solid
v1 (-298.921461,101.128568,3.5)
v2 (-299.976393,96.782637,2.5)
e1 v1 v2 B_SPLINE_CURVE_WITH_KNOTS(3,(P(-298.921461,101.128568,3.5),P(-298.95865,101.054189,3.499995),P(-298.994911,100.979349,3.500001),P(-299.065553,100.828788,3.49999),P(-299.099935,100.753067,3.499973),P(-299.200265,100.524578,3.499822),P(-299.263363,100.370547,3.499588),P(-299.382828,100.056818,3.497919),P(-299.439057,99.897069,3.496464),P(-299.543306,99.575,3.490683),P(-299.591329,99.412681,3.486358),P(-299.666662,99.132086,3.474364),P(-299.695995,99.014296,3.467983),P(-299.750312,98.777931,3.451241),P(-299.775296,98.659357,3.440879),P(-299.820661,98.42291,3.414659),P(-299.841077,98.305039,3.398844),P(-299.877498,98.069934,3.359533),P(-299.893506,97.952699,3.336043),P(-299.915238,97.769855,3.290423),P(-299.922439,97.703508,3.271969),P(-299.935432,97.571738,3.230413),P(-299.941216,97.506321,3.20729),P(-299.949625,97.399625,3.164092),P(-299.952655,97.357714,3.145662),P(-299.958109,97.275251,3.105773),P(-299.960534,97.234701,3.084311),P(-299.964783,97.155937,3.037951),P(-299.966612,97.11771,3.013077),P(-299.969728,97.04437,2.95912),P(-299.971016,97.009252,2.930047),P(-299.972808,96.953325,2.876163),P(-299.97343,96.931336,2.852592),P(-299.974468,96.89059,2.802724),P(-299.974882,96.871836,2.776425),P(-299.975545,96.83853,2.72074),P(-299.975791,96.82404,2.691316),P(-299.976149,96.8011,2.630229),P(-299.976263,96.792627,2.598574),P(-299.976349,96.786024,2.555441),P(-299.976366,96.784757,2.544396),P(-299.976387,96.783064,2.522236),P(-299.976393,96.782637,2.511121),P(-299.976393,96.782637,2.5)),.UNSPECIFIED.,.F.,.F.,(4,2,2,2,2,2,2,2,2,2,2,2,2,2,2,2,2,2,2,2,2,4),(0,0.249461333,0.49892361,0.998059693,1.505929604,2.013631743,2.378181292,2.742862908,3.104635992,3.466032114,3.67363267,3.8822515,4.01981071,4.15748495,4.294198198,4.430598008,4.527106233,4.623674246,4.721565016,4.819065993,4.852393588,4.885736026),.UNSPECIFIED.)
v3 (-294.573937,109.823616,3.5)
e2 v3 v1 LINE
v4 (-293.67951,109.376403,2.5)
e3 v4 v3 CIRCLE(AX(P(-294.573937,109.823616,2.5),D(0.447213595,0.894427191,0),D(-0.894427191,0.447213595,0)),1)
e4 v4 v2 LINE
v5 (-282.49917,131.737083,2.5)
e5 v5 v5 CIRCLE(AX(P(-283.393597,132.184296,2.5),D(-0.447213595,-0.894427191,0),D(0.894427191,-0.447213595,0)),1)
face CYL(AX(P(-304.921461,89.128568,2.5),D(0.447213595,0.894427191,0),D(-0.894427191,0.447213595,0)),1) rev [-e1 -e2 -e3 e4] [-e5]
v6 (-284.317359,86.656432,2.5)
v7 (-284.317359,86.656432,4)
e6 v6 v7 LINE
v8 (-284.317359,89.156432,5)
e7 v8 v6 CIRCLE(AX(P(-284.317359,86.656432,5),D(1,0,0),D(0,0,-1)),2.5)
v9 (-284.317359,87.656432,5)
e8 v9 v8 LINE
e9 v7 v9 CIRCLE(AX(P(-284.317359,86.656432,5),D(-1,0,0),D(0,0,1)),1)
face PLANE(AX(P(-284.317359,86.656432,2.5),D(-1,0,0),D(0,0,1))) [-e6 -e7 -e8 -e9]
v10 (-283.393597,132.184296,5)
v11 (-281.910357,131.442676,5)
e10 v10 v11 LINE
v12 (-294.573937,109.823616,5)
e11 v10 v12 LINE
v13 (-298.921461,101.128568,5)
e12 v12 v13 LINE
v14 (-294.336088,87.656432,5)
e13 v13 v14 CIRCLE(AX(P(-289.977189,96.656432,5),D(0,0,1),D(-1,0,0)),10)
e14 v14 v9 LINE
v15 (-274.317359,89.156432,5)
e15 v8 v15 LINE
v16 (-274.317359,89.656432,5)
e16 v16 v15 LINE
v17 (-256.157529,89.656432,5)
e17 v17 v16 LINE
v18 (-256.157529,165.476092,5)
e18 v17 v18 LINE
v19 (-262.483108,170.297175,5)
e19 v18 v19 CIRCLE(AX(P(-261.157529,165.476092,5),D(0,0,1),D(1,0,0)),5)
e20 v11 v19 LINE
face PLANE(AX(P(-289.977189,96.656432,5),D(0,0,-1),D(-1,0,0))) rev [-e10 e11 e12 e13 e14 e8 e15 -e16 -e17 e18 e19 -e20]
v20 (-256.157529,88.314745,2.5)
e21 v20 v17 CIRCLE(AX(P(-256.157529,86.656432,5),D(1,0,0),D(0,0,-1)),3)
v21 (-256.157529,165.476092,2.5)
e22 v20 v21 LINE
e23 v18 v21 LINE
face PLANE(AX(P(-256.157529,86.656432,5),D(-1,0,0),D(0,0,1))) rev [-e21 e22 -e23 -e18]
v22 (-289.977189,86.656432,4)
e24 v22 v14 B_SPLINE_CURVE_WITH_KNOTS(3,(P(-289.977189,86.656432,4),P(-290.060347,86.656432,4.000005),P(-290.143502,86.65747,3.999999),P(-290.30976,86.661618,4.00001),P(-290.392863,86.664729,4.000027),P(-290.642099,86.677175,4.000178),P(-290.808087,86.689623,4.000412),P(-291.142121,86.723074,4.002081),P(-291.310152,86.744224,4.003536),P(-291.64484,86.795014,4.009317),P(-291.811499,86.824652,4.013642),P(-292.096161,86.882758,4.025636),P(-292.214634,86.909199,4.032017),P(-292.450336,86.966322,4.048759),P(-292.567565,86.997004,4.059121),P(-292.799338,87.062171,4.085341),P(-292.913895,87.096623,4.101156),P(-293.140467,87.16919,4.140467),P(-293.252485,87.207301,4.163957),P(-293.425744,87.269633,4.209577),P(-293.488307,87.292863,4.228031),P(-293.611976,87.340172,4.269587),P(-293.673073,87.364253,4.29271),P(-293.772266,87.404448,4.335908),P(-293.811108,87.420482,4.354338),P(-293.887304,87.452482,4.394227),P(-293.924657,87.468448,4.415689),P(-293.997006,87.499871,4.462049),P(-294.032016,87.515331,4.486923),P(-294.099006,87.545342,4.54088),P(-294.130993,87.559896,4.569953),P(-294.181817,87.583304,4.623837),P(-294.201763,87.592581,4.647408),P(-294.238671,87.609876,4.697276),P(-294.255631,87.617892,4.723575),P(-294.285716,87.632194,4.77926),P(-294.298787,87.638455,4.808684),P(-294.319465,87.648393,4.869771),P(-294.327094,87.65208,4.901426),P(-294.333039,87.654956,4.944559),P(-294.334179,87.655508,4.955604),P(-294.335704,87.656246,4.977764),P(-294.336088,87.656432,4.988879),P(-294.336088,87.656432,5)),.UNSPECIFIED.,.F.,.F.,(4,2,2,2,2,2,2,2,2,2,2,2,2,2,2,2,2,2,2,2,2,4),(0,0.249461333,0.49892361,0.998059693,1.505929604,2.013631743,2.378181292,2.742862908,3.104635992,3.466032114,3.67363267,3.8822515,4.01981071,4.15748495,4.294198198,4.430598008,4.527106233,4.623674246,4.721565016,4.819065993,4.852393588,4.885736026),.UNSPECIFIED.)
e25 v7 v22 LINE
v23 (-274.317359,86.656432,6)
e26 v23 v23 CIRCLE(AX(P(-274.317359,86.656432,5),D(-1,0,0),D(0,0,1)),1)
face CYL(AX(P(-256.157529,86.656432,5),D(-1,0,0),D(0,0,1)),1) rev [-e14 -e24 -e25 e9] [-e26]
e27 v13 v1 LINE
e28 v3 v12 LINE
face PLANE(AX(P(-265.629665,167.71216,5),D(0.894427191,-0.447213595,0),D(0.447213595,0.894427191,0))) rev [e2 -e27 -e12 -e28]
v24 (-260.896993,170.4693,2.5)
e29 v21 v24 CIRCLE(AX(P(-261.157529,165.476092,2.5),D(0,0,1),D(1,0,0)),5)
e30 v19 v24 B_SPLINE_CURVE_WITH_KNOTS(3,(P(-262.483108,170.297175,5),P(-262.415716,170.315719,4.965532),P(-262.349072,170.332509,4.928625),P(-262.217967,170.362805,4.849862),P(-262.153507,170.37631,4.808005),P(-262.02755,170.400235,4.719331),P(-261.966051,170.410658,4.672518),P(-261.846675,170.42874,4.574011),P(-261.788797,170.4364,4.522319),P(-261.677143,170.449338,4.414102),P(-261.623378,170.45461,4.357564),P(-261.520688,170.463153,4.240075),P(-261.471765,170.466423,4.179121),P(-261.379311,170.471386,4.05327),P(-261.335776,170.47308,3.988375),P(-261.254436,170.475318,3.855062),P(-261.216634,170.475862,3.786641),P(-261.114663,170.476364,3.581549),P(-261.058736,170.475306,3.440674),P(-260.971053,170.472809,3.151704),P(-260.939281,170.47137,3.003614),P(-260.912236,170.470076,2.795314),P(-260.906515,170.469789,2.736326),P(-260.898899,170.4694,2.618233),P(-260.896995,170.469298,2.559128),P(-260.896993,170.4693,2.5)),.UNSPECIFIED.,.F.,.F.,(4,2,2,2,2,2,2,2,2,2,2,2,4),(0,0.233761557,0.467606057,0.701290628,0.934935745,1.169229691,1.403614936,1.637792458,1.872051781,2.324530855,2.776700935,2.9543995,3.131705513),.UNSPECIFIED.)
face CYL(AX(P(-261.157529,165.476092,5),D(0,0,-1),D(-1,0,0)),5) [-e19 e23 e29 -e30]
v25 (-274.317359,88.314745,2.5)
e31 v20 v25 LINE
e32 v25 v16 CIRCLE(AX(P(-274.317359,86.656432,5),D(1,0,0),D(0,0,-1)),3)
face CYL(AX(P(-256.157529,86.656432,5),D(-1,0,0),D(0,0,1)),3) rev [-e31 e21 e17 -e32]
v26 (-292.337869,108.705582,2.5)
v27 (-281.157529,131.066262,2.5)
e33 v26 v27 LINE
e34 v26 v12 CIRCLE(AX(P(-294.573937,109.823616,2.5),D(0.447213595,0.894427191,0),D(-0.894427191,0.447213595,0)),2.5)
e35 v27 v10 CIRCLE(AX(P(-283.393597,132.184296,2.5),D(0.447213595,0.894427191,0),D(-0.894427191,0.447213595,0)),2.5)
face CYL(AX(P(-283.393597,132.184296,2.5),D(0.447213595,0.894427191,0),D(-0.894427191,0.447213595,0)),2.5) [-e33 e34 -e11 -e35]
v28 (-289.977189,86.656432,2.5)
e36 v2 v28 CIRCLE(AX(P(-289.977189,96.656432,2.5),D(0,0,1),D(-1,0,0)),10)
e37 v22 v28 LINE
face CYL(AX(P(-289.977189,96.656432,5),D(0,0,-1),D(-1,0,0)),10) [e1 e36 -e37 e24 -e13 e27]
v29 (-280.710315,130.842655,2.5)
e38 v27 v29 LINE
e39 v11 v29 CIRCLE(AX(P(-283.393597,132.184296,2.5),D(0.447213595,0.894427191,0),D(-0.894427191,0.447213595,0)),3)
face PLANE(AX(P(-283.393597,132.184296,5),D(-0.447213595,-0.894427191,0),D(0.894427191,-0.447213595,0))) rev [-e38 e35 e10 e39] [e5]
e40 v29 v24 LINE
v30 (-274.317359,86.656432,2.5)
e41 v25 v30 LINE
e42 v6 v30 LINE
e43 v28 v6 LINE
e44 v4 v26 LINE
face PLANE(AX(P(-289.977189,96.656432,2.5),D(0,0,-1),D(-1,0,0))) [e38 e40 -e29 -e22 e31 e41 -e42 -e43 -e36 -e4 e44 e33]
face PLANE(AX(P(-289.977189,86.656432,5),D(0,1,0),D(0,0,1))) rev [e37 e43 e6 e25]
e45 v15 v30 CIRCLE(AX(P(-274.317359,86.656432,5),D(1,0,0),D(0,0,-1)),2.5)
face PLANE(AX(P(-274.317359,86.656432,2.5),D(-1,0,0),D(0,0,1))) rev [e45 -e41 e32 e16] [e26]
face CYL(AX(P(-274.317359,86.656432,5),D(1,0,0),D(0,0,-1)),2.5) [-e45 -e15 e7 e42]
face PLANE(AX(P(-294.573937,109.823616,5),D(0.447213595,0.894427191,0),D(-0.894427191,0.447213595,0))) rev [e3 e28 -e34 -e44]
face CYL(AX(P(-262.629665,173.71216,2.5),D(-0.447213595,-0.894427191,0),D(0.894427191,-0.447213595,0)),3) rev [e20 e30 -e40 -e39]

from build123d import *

# Parameters (mm, degrees)
EXTRUDE_1_DEPTH          = 5
SKETCH_3_W               = 5
SKETCH_3_H               = 50
CUT_EXTRUDE_1_DEPTH      = 692.252839152
CUT_EXTRUDE_1_DEPTH_BACK = 692.252839152
SKETCH_5_R               = 2
SKETCH_7_R               = 6
CUT_EXTRUDE_2_DEPTH      = 692.25283929
SKETCH_2_W               = 20
SKETCH_2_H               = 5
SKETCH_8_R               = 6
CUT_EXTRUDE_3_DEPTH      = 346.118964709
CUT_EXTRUDE_4_DEPTH      = 346.897812083
CUT_EXTRUDE_4_DEPTH_BACK = 346.897812083
SKETCH_9_R               = 2
SCALE_1_SCALE            = 0.5


with BuildPart() as part:
    # 草图1 → 凸台-拉伸1 (new body)
    with BuildSketch(Plane.XY.offset(5)):
        with BuildLine():
            Line((-531.259329651, 335.424320593), (-597.842921786, 202.257136323))
            ThreePointArc((-597.842921786, 202.257136323), (-596.967394134, 182.798242171), (-579.954377966, 173.312864413))
            Line((-579.954377966, 173.312864413), (-512.315057741, 173.312864413))
            Line((-512.315057741, 173.312864413), (-512.315057741, 330.952184638))
            ThreePointArc((-512.315057741, 330.952184638), (-520.017528536, 340.684674533), (-531.259329651, 335.424320593))
        make_face()
    extrude(amount=EXTRUDE_1_DEPTH)

    # 草图3 → 旋转1 (revolve)
    with BuildSketch(Plane(origin=(-559.177191958, 279.588595979, 0), x_dir=(0, 0, 1), z_dir=(-0.894427190999916, 0.4472135954999579, 0))):
        with Locations((7.5, -42.016481195)):
            Rectangle(SKETCH_3_W, SKETCH_3_H)
    revolve(axis=Axis((-566.787193696, 264.368592503, 5), (-0.447213595499958, -0.894427190999916, 0)))

    # 草图5 → 切除-拉伸1 (cut, two sides: drawn at the far end of the back side and taken through both)
    with BuildSketch(Plane(origin=(-7.610001738, -15.220003476, 0), x_dir=(0.894427190999916, -0.4472135954999579, 0), z_dir=(0.4472135954999579, 0.894427190999916, 0)).offset(-CUT_EXTRUDE_1_DEPTH_BACK)):
        with Locations(Location((-625.179106343, -5, 0), (0, 0, 270))):
            Circle(SKETCH_5_R)
    extrude(amount=CUT_EXTRUDE_1_DEPTH + CUT_EXTRUDE_1_DEPTH_BACK, mode=Mode.SUBTRACT)

    # 草图7 → 切除-拉伸2 (cut, through all)
    with BuildSketch(Plane(origin=(-7.610001738, -15.220003476, 0), x_dir=(0.894427190999916, -0.4472135954999579, 0), z_dir=(0.4472135954999579, 0.894427190999916, 0))):
        with Locations((-625.179106343, -5)):
            Circle(SKETCH_7_R)
    extrude(amount=CUT_EXTRUDE_2_DEPTH, mode=Mode.SUBTRACT)

    # 草图2 → 旋转2 (revolve)
    with BuildSketch(Plane.XZ.offset(-173.312864413)):
        with Locations((-558.634717854, 7.5)):
            Rectangle(SKETCH_2_W, SKETCH_2_H)
    revolve(axis=Axis((-548.634717854, 173.312864413, 10), (-1, 0, 0)))

    # 草图8 → 切除-拉伸3 (cut, through all)
    with BuildSketch(Plane(origin=(-548.634717854, 0, 0), x_dir=(0, 0, -1), z_dir=(1, 0, 0))):
        with Locations((-10, 173.312864413)):
            Circle(SKETCH_8_R)
    extrude(amount=CUT_EXTRUDE_3_DEPTH, mode=Mode.SUBTRACT)

    # 草图9 → 切除-拉伸4 (cut, two sides: drawn at the far end of the back side and taken through both)
    with BuildSketch(Plane.ZY.offset(568.634717854).offset(-CUT_EXTRUDE_4_DEPTH_BACK)):
        with Locations((10, 173.312864413)):
            Circle(SKETCH_9_R)
    extrude(amount=CUT_EXTRUDE_4_DEPTH + CUT_EXTRUDE_4_DEPTH_BACK, mode=Mode.SUBTRACT)


with BuildPart() as part_1:
    # 缩放比例1: scaled about (0, 0, 0)
    add(part.part.scale(SCALE_1_SCALE))


solid = part_1.part
